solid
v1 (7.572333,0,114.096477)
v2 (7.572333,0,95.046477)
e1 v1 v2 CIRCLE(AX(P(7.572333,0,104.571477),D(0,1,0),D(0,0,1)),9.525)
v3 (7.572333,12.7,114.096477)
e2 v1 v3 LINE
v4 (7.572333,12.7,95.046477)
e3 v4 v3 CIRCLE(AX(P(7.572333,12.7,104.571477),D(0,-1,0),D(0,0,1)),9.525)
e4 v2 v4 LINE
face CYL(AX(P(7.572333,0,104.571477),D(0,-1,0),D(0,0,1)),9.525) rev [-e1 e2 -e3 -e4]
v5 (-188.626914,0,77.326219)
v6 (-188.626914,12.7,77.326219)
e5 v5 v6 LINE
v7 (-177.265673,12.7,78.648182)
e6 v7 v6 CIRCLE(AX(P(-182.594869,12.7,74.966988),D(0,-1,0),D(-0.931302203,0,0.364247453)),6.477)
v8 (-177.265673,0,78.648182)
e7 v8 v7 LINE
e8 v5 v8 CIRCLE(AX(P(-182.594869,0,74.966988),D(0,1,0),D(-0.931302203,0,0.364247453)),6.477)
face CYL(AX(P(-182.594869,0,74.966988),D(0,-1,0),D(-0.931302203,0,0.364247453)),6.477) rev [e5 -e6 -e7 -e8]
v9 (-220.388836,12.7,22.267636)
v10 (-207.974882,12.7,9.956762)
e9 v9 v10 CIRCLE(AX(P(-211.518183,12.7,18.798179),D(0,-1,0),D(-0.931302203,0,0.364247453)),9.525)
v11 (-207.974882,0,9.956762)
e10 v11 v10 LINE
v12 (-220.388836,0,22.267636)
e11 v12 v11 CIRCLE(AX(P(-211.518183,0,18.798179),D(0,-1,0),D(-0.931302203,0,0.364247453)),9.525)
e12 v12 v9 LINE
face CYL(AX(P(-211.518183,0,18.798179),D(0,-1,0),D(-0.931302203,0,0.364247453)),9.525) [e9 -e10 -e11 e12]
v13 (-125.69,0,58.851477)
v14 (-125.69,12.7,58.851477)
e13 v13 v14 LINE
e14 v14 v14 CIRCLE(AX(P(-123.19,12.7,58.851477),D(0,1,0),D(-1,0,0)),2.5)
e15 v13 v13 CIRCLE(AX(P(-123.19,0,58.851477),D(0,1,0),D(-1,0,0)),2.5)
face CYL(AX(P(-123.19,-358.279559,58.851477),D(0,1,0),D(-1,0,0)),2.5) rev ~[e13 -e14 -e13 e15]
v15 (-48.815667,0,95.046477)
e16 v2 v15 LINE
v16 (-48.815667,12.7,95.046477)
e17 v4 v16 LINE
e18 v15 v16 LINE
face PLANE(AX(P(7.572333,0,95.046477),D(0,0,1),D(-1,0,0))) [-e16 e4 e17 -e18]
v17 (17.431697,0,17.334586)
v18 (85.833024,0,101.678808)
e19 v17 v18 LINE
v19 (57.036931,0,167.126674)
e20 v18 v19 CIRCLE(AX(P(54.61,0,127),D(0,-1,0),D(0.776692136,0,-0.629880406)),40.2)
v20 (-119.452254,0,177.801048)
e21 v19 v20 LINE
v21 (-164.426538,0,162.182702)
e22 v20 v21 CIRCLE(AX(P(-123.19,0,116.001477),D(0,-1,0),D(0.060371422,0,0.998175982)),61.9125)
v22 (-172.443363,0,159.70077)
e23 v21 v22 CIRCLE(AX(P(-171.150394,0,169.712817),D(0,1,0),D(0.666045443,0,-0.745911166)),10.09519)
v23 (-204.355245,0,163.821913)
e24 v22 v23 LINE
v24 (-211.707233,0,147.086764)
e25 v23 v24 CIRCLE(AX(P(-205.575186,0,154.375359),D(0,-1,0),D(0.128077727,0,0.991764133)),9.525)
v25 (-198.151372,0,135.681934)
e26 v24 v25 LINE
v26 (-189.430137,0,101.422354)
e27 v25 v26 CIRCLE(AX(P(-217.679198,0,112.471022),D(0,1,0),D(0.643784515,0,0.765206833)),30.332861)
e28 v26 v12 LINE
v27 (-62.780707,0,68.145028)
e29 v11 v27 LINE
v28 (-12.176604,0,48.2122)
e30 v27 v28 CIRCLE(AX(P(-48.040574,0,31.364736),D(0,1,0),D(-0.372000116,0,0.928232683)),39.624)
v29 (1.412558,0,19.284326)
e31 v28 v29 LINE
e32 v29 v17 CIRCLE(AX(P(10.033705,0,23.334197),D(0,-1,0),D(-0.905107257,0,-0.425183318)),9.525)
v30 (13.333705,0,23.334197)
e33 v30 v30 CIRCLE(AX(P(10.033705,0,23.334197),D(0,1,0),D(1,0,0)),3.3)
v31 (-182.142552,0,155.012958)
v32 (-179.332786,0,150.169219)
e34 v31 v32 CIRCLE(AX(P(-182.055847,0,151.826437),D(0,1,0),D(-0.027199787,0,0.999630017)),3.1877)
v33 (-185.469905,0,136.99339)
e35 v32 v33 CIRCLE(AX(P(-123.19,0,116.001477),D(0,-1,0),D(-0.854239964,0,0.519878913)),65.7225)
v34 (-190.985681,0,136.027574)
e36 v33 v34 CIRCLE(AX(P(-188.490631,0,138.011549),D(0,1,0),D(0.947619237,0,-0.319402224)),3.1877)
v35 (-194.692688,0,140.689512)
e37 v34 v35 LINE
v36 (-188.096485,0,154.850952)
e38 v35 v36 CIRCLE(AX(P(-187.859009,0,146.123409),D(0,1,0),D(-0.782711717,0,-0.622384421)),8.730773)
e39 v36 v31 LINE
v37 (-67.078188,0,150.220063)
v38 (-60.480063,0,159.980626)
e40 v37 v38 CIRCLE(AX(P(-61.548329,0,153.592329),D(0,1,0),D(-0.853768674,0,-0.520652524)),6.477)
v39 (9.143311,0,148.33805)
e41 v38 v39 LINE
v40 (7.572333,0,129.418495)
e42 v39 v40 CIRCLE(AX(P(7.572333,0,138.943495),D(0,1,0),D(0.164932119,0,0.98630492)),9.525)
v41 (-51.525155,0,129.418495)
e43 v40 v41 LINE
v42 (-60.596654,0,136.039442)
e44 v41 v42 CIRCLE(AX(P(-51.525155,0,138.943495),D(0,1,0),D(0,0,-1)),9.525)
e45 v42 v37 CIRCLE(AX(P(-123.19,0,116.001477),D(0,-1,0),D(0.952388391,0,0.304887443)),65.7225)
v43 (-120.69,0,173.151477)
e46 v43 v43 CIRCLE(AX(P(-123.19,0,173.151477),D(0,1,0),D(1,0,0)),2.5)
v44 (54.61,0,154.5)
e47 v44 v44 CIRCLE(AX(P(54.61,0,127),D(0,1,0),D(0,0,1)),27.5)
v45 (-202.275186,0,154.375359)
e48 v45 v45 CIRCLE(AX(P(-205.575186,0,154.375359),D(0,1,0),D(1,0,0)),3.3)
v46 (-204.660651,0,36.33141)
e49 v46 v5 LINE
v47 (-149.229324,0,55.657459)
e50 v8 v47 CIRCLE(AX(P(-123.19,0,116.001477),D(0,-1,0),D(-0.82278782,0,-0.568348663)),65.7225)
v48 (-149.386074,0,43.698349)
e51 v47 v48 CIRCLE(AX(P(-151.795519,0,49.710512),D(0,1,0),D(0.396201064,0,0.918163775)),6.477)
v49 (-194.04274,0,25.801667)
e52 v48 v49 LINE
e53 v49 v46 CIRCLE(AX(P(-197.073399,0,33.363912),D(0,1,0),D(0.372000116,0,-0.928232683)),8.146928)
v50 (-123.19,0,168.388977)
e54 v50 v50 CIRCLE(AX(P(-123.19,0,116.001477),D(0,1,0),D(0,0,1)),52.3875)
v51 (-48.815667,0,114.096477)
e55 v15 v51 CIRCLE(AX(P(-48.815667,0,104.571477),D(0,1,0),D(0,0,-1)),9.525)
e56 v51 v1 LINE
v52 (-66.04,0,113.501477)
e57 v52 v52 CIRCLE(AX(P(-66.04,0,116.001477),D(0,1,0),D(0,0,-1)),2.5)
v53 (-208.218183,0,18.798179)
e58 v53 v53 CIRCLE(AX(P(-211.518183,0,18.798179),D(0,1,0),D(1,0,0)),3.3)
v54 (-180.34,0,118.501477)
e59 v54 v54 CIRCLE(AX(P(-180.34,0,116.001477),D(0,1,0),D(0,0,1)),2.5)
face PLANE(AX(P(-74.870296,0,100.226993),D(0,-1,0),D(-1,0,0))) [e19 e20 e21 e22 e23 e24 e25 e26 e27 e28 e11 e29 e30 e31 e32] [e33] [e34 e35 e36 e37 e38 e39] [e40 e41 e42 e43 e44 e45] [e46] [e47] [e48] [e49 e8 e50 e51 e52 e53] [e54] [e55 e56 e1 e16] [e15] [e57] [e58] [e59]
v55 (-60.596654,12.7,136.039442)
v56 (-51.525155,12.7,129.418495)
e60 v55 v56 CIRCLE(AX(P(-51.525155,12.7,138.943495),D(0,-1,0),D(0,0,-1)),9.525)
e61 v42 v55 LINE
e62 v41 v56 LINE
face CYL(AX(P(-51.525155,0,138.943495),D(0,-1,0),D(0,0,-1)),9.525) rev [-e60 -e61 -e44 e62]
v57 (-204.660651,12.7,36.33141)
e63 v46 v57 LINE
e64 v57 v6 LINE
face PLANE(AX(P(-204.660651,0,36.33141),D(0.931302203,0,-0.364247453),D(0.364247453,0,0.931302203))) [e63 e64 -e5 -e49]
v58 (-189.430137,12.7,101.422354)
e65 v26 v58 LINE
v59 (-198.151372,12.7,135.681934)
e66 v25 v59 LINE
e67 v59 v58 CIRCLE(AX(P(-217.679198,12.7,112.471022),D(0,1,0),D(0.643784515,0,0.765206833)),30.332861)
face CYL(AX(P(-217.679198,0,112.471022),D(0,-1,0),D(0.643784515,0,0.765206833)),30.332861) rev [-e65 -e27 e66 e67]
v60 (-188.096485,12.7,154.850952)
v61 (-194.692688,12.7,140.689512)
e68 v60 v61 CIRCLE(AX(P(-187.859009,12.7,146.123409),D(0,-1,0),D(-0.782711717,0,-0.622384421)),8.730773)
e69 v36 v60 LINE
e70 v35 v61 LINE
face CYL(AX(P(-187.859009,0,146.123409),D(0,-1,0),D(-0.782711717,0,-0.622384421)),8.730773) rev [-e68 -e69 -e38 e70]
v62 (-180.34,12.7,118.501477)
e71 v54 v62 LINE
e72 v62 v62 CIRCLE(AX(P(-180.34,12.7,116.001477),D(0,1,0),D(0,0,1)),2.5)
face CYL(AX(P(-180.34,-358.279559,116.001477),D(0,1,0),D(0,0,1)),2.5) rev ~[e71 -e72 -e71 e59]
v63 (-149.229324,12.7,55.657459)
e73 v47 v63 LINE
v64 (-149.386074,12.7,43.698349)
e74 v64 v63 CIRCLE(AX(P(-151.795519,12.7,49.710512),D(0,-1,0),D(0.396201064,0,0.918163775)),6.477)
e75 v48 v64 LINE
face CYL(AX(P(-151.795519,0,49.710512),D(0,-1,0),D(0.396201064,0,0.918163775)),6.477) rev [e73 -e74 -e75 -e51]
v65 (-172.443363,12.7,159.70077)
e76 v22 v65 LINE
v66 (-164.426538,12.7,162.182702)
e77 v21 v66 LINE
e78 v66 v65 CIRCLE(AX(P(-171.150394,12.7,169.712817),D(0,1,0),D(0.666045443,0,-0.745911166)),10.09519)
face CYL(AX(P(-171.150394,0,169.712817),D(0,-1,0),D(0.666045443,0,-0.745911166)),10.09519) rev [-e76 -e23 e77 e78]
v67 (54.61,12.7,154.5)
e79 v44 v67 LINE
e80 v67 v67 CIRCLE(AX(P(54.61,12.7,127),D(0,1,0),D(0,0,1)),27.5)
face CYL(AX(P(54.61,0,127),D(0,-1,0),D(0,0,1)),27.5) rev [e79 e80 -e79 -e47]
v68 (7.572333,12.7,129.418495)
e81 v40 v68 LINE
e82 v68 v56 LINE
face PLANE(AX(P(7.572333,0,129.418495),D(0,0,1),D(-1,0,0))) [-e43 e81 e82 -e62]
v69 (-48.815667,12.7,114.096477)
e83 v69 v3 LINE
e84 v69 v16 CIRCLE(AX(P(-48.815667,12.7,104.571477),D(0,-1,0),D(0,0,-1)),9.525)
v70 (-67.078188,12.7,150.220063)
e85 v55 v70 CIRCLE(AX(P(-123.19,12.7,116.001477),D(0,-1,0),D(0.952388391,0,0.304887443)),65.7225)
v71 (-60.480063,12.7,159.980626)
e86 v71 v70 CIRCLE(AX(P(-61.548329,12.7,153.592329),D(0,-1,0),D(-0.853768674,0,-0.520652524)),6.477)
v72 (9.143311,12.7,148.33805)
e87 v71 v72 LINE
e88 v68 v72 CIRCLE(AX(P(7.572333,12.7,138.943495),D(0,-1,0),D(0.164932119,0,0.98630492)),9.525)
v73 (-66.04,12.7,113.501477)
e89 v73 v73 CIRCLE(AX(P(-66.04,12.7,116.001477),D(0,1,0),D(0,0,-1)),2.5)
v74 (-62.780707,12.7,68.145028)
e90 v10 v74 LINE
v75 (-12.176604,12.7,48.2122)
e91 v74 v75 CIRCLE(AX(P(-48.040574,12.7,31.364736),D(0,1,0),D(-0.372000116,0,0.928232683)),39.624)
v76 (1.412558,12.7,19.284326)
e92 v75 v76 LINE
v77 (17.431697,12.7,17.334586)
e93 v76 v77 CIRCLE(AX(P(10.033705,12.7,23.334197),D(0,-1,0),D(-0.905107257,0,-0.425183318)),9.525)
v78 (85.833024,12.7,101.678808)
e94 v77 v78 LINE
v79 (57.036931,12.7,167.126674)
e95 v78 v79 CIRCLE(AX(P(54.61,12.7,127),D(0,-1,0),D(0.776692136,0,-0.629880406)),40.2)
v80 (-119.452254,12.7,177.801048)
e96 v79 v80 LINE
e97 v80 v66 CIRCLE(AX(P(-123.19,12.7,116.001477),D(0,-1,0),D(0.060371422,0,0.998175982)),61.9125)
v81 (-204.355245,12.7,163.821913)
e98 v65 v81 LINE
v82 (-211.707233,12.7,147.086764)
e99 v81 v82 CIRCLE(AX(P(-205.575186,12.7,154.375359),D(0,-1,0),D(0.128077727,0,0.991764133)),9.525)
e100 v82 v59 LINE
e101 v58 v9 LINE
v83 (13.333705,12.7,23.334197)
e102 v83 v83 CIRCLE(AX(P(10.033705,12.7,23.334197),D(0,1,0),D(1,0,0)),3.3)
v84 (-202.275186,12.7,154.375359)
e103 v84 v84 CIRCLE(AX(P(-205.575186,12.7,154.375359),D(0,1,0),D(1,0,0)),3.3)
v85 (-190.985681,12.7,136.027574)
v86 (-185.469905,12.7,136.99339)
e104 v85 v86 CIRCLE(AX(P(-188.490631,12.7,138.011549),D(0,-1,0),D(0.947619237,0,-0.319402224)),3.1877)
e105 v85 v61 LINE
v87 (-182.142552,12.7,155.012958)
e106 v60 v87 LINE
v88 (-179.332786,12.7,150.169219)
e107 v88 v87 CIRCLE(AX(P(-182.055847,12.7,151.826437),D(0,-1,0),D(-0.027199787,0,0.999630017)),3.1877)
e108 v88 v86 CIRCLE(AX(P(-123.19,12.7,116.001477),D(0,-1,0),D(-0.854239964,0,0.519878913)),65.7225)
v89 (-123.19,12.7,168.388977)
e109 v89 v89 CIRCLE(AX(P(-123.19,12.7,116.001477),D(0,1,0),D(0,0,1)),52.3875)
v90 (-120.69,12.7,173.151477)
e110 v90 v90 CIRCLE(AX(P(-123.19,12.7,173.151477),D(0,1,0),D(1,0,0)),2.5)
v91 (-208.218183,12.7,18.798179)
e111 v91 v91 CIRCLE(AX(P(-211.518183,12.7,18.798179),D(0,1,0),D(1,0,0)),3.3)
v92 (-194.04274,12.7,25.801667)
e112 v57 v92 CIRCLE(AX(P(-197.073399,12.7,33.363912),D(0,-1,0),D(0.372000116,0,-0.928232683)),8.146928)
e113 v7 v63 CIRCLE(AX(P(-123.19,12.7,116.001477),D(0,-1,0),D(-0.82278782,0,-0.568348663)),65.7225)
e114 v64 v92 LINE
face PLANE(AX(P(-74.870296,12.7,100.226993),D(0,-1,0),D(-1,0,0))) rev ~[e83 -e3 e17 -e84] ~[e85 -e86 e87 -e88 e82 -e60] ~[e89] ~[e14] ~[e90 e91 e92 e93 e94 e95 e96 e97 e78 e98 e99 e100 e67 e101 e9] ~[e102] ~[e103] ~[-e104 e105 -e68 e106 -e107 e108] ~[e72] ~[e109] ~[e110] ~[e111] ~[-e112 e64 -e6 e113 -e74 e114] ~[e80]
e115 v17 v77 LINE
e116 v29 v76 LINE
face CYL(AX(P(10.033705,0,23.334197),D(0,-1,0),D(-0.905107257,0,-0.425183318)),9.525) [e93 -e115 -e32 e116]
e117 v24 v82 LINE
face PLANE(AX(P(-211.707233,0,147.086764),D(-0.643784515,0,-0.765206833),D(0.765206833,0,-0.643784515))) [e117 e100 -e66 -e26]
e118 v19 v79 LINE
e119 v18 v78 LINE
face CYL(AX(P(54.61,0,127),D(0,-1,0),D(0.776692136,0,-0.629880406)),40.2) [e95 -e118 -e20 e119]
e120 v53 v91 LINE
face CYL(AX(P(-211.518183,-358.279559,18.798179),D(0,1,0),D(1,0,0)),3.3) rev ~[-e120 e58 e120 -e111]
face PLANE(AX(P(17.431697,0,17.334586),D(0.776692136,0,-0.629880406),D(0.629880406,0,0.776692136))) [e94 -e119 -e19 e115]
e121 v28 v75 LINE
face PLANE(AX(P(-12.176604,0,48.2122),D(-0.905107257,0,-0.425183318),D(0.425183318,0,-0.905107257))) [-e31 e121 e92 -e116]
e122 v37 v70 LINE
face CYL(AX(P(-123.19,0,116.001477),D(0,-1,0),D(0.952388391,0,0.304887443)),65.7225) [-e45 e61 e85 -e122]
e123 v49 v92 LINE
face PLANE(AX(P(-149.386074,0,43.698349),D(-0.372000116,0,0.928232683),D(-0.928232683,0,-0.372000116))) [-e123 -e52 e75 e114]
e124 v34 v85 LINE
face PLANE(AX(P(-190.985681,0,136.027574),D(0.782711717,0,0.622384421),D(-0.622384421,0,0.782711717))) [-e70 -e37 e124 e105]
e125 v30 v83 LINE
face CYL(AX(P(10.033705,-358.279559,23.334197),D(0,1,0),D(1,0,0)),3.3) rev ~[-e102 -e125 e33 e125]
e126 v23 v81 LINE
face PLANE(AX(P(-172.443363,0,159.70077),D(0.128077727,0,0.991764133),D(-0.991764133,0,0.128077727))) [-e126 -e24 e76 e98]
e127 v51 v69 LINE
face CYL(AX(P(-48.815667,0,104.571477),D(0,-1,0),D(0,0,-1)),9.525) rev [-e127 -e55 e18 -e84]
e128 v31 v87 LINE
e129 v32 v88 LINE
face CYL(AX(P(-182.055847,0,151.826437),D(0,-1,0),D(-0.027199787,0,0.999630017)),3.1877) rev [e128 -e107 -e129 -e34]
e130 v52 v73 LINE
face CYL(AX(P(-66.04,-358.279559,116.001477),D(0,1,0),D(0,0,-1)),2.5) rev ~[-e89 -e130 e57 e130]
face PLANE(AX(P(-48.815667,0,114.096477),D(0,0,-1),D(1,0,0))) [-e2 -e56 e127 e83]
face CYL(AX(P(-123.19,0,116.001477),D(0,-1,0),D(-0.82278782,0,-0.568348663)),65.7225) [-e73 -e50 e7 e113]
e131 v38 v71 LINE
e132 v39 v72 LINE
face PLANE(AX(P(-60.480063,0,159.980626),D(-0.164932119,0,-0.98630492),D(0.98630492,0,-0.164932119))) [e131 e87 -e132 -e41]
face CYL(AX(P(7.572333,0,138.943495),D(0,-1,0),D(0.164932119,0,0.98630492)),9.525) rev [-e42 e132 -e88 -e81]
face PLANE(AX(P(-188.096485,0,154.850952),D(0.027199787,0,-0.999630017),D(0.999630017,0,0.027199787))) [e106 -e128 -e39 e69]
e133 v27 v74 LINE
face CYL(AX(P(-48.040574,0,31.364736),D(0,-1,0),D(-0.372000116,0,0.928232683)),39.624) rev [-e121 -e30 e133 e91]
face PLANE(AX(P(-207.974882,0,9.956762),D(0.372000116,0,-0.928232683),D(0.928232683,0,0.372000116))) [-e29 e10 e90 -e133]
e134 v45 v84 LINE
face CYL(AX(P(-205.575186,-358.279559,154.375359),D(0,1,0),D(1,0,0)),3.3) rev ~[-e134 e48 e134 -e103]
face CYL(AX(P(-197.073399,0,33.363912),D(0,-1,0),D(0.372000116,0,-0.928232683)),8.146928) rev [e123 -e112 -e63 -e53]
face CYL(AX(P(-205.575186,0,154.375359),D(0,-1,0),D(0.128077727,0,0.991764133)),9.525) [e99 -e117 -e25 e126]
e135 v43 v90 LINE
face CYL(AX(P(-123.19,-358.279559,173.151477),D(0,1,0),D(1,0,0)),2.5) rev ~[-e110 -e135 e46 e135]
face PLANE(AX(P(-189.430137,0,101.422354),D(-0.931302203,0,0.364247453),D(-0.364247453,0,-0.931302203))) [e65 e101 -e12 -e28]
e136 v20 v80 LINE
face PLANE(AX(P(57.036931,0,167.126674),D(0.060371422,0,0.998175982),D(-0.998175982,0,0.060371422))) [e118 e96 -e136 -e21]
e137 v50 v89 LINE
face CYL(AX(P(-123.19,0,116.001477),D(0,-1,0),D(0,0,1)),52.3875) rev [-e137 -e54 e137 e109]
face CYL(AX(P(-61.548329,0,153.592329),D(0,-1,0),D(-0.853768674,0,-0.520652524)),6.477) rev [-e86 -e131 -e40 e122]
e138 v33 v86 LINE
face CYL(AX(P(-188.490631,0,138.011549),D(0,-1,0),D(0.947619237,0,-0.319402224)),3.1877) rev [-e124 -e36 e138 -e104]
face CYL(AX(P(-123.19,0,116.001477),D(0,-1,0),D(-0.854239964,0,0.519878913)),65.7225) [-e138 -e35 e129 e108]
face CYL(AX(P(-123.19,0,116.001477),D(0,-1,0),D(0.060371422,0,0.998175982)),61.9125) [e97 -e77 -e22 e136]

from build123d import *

# Parameters (mm, degrees)
SKETCH1_R             = 52.3875
SKETCH1_R_2           = 27.49999999
BOSS_EXTRUDE1_DEPTH   = 12.7
M6_CLEARANCE_HOLE1_D  = 6.6
F_5_0MM_DOWEL_HOLE1_D = 5
CIRPATTERN1_COUNT     = 4
CUT_EXTRUDE1_DEPTH    = 285.033029848
CUT_EXTRUDE2_DEPTH    = 285.033029848


with BuildPart() as part:
    # Sketch1 → Boss-Extrude1 (new body)
    with BuildSketch(Plane(origin=(0, 0, 0), x_dir=(1, 0, 0), z_dir=(0, 1, 0))):
        with BuildLine():
            Line((-207.974881785, -9.956762437), (-62.780706514, -68.14502812))
            ThreePointArc((-62.780706514, -68.14502812), (-33.518744337, -68.231765471), (-12.176603989, -48.212200061))
            Line((-12.176603989, -48.212200061), (1.412558245, -19.284326264))
            ThreePointArc((1.412558245, -19.284326264), (8.882880061, -13.878975143), (17.431697461, -17.334586496))
            Line((17.431697461, -17.334586496), (85.833023855, -101.678807679))
            ThreePointArc((85.833023855, -101.678807679), (91.405865058, -143.189636001), (57.036931176, -167.126674473))
            Line((57.036931176, -167.126674473), (-119.452254317, -177.801047868))
            ThreePointArc((-119.452254317, -177.801047868), (-143.500663307, -174.487669009), (-164.426538493, -162.182702446))
            ThreePointArc((-164.426538493, -162.182702446), (-168.164823601, -160.06920649), (-172.443362527, -159.700770109))
            Line((-172.443362527, -159.700770109), (-204.355245166, -163.82191268))
            ThreePointArc((-204.355245166, -163.82191268), (-214.295764489, -158.206433226), (-211.707233022, -147.086764223))
            Line((-211.707233022, -147.086764223), (-198.151371623, -135.681934472))
            ThreePointArc((-198.151371623, -135.681934472), (-188.283833694, -119.954004575), (-189.430137427, -101.422354045))
            Line((-189.430137427, -101.422354045), (-220.388836369, -22.267635732))
            ThreePointArc((-220.388836369, -22.267635732), (-218.225236723, -12.034965467), (-207.974881785, -9.956762437))
        make_face()
        with Locations(Location((-123.19, -116.001477372, 0), (0, 0, 270))):
            Circle(SKETCH1_R, mode=Mode.SUBTRACT)
        with Locations(Location((54.61, -127, 0), (0, 0, 270))):
            Circle(SKETCH1_R_2, mode=Mode.SUBTRACT)
    extrude(amount=BOSS_EXTRUDE1_DEPTH)

    # M6 Clearance Hole1 (through all)
    with Locations(Plane(origin=(0, 0, 0), x_dir=(-1, 0, 0), z_dir=(0, -1, 0))):
        with Locations((-10.033704867, -23.334197365), (211.518182886, -18.798178744), (205.575185514, -154.375359311)):
            Hole(M6_CLEARANCE_HOLE1_D / 2)

    # Ø5.0mm Dowel Hole1 (through all)
    with Locations(Plane(origin=(0, 0, 0), x_dir=(-1, 0, 0), z_dir=(0, -1, 0))):
        with Locations((123.19, -173.151477372)):
            f_5_0mm_dowel_hole1 = Hole(F_5_0MM_DOWEL_HOLE1_D / 2)

    # CirPattern1: Ø5.0mm Dowel Hole1 ×4 about axis
    cirpattern1_axis = Axis((-123.19, 0, 116.001477372), (0, 1, 0))
    for i in range(1, CIRPATTERN1_COUNT):
        add(f_5_0mm_dowel_hole1.rotate(cirpattern1_axis, i * 360 / CIRPATTERN1_COUNT), mode=Mode.SUBTRACT)

    # Sketch6 → Cut-Extrude1 (cut, through all)
    with BuildSketch(Plane.XZ):
        with BuildLine():
            ThreePointArc((-188.626913597, 77.326218823), (-183.343464985, 81.400582198), (-177.265672517, 78.648182362))
            ThreePointArc((-177.265672517, 78.648182362), (-164.864290964, 65.181201114), (-149.229324423, 55.657458697))
            ThreePointArc((-149.229324423, 55.657458697), (-145.319075006, 49.625624375), (-149.386073966, 43.698348841))
            Line((-149.386073966, 43.698348841), (-194.042740287, 25.801666969))
            ThreePointArc((-194.042740287, 25.801666969), (-202.810079512, 27.579196728), (-204.660650751, 36.331409888))
            Line((-204.660650751, 36.331409888), (-188.626913597, 77.326218823))
        make_face()
        with BuildLine():
            ThreePointArc((-194.692687992, 140.689511725), (-195.773357295, 149.809803058), (-188.096484537, 154.850952212))
            Line((-188.096484537, 154.850952212), (-182.142551509, 155.01295786))
            ThreePointArc((-182.142551509, 155.01295786), (-179.298484939, 153.425933155), (-179.332786017, 150.169219243))
            ThreePointArc((-179.332786017, 150.169219243), (-182.766707481, 143.751485155), (-185.46990532, 136.993390091))
            ThreePointArc((-185.46990532, 136.993390091), (-187.940827525, 134.871620657), (-190.985681304, 136.027573744))
            Line((-190.985681304, 136.027573744), (-194.692687992, 140.689511725))
        make_face()
    extrude(amount=-CUT_EXTRUDE1_DEPTH, mode=Mode.SUBTRACT)

    # Sketch7 → Cut-Extrude2 (cut, through all)
    with BuildSketch(Plane.XZ):
        with BuildLine():
            Line((-48.815667356, 114.096477372), (7.572332644, 114.096477372))
            ThreePointArc((7.572332644, 114.096477372), (17.097332644, 104.571477372), (7.572332644, 95.046477372))
            Line((7.572332644, 95.046477372), (-48.815667356, 95.046477372))
            ThreePointArc((-48.815667356, 95.046477372), (-58.340667356, 104.571477372), (-48.815667356, 114.096477372))
        make_face()
        with BuildLine():
            Line((-60.480063265, 159.980626251), (9.143311078, 148.338049571))
            ThreePointArc((9.143311078, 148.338049571), (17.064665217, 138.155302762), (7.572332644, 129.418495204))
            Line((7.572332644, 129.418495204), (-51.525154545, 129.418495204))
            ThreePointArc((-51.525154545, 129.418495204), (-57.140513894, 131.249772802), (-60.59665397, 136.039442314))
            ThreePointArc((-60.59665397, 136.039442314), (-63.415414116, 143.322639291), (-67.078188304, 150.220062883))
            ThreePointArc((-67.078188304, 150.220062883), (-66.914295931, 157.219714512), (-60.480063265, 159.980626251))
        make_face()
    extrude(amount=-CUT_EXTRUDE2_DEPTH, mode=Mode.SUBTRACT)


solid = part.part
